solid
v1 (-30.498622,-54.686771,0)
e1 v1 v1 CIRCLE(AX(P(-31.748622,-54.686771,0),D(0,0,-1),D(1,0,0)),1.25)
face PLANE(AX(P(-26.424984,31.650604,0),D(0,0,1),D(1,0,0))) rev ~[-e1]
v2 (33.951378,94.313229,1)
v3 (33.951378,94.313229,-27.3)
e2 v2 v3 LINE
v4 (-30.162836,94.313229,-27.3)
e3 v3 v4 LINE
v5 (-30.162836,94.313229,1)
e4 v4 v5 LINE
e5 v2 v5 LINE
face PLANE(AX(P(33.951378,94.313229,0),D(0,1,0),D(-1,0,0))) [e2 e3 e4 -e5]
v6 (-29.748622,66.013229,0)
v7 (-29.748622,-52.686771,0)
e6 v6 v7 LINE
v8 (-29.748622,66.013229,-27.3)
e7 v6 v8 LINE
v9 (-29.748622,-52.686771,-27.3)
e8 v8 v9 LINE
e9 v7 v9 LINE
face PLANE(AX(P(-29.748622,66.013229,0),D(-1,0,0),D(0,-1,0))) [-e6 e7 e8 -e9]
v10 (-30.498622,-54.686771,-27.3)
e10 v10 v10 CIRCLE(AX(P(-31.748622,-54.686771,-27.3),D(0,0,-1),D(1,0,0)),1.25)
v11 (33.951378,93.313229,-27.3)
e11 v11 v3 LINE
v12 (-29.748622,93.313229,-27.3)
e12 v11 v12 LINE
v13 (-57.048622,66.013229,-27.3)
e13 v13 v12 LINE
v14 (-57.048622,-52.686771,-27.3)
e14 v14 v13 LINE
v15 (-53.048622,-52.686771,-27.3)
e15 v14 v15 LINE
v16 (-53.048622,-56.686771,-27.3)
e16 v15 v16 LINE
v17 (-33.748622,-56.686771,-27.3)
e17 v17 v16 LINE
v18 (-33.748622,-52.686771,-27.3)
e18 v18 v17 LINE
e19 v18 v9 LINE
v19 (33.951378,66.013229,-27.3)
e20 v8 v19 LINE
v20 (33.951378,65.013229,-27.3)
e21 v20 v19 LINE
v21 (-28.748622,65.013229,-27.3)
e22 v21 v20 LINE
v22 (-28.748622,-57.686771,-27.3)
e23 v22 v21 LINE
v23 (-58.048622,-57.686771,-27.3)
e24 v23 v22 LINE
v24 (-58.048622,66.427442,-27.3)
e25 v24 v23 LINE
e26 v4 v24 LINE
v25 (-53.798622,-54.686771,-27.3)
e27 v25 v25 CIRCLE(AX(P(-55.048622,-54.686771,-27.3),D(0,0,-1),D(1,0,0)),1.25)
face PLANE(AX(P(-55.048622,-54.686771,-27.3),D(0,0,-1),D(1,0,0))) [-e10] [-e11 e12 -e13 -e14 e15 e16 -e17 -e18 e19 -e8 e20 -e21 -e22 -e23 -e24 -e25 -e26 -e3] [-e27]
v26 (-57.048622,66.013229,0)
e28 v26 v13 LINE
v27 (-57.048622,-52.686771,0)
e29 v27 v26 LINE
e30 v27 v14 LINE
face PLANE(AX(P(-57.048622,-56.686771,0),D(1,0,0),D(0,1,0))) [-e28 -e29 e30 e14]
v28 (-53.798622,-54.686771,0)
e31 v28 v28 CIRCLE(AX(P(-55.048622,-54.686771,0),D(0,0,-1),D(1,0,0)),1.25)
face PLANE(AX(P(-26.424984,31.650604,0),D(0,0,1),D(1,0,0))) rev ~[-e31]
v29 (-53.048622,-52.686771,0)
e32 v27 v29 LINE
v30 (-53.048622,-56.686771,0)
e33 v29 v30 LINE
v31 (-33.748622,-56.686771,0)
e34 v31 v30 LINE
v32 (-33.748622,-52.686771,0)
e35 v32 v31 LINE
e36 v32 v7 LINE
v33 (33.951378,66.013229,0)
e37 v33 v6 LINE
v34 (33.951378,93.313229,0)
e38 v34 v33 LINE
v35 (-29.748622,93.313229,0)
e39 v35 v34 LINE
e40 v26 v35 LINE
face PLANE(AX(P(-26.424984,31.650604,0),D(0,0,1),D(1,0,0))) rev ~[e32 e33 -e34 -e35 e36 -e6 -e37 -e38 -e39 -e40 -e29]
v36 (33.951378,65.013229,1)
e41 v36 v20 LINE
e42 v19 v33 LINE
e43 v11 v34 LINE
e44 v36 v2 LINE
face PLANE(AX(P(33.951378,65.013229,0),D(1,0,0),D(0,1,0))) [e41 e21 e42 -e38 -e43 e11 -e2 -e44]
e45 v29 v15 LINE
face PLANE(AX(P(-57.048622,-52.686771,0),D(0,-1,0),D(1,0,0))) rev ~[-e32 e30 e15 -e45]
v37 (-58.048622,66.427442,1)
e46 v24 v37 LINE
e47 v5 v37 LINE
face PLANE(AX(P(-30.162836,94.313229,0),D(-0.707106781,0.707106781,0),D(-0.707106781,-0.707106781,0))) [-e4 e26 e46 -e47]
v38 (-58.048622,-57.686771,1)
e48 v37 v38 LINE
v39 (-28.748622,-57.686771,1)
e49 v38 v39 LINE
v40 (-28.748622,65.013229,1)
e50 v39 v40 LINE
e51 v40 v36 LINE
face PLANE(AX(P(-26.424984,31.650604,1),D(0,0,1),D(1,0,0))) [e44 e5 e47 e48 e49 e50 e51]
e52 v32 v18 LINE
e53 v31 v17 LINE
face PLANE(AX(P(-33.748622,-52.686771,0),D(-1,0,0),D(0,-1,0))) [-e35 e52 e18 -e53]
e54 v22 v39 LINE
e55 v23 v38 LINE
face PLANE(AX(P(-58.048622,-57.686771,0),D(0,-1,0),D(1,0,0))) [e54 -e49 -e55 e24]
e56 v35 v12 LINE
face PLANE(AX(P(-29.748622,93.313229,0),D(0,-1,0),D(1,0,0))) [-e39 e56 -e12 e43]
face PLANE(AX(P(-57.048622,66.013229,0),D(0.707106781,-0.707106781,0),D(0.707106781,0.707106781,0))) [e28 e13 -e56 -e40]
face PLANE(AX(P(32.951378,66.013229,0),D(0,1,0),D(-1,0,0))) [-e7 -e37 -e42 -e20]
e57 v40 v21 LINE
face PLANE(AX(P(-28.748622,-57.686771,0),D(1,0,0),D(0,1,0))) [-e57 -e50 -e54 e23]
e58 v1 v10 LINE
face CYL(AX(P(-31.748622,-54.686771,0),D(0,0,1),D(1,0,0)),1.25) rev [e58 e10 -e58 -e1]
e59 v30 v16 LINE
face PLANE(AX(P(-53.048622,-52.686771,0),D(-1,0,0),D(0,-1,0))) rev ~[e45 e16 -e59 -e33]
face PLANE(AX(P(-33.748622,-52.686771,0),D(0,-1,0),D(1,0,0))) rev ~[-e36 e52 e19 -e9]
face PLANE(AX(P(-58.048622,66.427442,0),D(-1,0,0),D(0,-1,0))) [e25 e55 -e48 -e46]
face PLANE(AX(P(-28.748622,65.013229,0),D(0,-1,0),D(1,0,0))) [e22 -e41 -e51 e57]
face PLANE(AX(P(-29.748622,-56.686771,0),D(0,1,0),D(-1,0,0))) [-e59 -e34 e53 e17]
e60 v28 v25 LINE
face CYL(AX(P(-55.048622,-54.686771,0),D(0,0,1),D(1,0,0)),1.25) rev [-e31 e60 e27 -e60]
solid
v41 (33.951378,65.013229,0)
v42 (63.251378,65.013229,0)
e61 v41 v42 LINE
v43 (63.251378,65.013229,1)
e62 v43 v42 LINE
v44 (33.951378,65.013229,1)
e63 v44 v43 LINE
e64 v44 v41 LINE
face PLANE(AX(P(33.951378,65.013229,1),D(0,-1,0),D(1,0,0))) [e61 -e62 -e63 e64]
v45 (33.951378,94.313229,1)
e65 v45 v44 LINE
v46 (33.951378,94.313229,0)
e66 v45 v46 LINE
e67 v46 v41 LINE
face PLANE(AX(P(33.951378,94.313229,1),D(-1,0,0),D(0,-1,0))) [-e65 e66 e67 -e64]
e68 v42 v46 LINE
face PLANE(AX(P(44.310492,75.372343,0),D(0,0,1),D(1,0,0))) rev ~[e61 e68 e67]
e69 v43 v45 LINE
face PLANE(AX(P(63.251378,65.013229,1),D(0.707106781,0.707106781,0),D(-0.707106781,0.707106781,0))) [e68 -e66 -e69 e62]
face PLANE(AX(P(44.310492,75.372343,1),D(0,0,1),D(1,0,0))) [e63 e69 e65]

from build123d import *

# Parameters (mm, degrees)
F2_W      = 4
F2_H      = 4
F2_R      = 1
F3_DEPTH  = 1
F4_DEPTH  = 27.3
F5_W      = 4
F5_H      = 4
F5_R      = 1.25
F6_DEPTH  = 27.3
F7_W      = 1
F7_H      = 27.3
F8_DEPTH  = 27.3
F10_DEPTH = 1


with BuildPart() as f3:
    # F2 (on Top) → F3 (new body)
    with BuildSketch(Plane.XY):
        Polygon((33.9513780442, 94.3132289106), (-30.1628355182, 94.3132289106), (-58.0486219558, 66.427442473), (-58.0486219558, -57.6867710894), (-28.7486219558, -57.6867710894), (-28.7486219558, 65.0132289106), (33.9513780442, 65.0132289106), align=None)
        Polygon((-53.0486219558, -56.6867710894), (-57.0486219558, -56.6867710894), (-57.0486219558, -52.6867710894), (-57.0486219558, 66.0132289106), (-29.7486219558, 93.3132289106), (32.9513780442, 93.3132289106), (32.9513780442, 66.0132289106), (-29.7486219558, 66.0132289106), (-29.7486219558, -52.6867710894), (-29.7486219558, -56.6867710894), (-33.7486219558, -56.6867710894), align=None, mode=Mode.SUBTRACT)
        Polygon((-53.0486219558, -52.6867710894), (-53.0486219558, -56.6867710894), (-33.7486219558, -56.6867710894), (-33.7486219558, -52.6867710894), (-29.7486219558, -52.6867710894), (-29.7486219558, 66.0132289106), (32.9513780442, 66.0132289106), (32.9513780442, 93.3132289106), (-29.7486219558, 93.3132289106), (-57.0486219558, 66.0132289106), (-57.0486219558, -52.6867710894), align=None)
        with Locations((-31.7486219558, -54.6867710894)):
            Rectangle(F2_W, F2_H)
        with Locations((-31.7486219558, -54.6867710894)):
            Circle(F2_R, mode=Mode.SUBTRACT)
        with Locations((-55.0486219558, -54.6867710894)):
            Rectangle(F2_W, F2_H)
        with Locations((-55.0486219558, -54.6867710894)):
            Circle(F2_R, mode=Mode.SUBTRACT)
        with Locations((-31.7486219558, -54.6867710894)):
            Circle(F2_R)
        with Locations((-55.0486219558, -54.6867710894)):
            Circle(F2_R)
    extrude(amount=F3_DEPTH)

    # F2 (on Top) → F4 (join)
    with BuildSketch(Plane.XY):
        Polygon((33.9513780442, 94.3132289106), (-30.1628355182, 94.3132289106), (-58.0486219558, 66.427442473), (-58.0486219558, -57.6867710894), (-28.7486219558, -57.6867710894), (-28.7486219558, 65.0132289106), (33.9513780442, 65.0132289106), align=None)
        Polygon((-53.0486219558, -56.6867710894), (-57.0486219558, -56.6867710894), (-57.0486219558, -52.6867710894), (-57.0486219558, 66.0132289106), (-29.7486219558, 93.3132289106), (32.9513780442, 93.3132289106), (32.9513780442, 66.0132289106), (-29.7486219558, 66.0132289106), (-29.7486219558, -52.6867710894), (-29.7486219558, -56.6867710894), (-33.7486219558, -56.6867710894), align=None, mode=Mode.SUBTRACT)
    extrude(amount=-F4_DEPTH)

    # F5 (on face) → F6 (join)
    with BuildSketch(Plane(origin=(0, 0, 0), x_dir=(1, 0, 0), z_dir=(0, 0, -1))):
        with Locations((-55.0486219558, 54.6867710894)):
            Rectangle(F5_W, F5_H)
        with Locations((-55.0486219558, 54.6867710894)):
            Circle(F5_R, mode=Mode.SUBTRACT)
        with Locations((-31.7486219558, 54.6867710894)):
            Rectangle(F5_W, F5_H)
        with Locations((-31.7486219558, 54.6867710894)):
            Circle(F5_R, mode=Mode.SUBTRACT)
    extrude(amount=F6_DEPTH)

    # F7 (on face) → F8 (cut, through all)
    with BuildSketch(Plane(origin=(0, 0, -27.3), x_dir=(1, 0, 0), z_dir=(0, 0, -1))):
        with Locations((33.4513780442, -79.6632289106)):
            Rectangle(F7_W, F7_H)
    extrude(amount=-F8_DEPTH, mode=Mode.SUBTRACT)


with BuildPart() as f10:
    # F9 (on face) → F10 (new body)
    with BuildSketch(Plane.XY.offset(1)):
        Polygon((63.2513780442, 65.0132289106), (33.9513780442, 94.3132289106), (33.9513780442, 65.0132289106), align=None)
    extrude(amount=-F10_DEPTH)


solid = Compound([f3.part, f10.part])
